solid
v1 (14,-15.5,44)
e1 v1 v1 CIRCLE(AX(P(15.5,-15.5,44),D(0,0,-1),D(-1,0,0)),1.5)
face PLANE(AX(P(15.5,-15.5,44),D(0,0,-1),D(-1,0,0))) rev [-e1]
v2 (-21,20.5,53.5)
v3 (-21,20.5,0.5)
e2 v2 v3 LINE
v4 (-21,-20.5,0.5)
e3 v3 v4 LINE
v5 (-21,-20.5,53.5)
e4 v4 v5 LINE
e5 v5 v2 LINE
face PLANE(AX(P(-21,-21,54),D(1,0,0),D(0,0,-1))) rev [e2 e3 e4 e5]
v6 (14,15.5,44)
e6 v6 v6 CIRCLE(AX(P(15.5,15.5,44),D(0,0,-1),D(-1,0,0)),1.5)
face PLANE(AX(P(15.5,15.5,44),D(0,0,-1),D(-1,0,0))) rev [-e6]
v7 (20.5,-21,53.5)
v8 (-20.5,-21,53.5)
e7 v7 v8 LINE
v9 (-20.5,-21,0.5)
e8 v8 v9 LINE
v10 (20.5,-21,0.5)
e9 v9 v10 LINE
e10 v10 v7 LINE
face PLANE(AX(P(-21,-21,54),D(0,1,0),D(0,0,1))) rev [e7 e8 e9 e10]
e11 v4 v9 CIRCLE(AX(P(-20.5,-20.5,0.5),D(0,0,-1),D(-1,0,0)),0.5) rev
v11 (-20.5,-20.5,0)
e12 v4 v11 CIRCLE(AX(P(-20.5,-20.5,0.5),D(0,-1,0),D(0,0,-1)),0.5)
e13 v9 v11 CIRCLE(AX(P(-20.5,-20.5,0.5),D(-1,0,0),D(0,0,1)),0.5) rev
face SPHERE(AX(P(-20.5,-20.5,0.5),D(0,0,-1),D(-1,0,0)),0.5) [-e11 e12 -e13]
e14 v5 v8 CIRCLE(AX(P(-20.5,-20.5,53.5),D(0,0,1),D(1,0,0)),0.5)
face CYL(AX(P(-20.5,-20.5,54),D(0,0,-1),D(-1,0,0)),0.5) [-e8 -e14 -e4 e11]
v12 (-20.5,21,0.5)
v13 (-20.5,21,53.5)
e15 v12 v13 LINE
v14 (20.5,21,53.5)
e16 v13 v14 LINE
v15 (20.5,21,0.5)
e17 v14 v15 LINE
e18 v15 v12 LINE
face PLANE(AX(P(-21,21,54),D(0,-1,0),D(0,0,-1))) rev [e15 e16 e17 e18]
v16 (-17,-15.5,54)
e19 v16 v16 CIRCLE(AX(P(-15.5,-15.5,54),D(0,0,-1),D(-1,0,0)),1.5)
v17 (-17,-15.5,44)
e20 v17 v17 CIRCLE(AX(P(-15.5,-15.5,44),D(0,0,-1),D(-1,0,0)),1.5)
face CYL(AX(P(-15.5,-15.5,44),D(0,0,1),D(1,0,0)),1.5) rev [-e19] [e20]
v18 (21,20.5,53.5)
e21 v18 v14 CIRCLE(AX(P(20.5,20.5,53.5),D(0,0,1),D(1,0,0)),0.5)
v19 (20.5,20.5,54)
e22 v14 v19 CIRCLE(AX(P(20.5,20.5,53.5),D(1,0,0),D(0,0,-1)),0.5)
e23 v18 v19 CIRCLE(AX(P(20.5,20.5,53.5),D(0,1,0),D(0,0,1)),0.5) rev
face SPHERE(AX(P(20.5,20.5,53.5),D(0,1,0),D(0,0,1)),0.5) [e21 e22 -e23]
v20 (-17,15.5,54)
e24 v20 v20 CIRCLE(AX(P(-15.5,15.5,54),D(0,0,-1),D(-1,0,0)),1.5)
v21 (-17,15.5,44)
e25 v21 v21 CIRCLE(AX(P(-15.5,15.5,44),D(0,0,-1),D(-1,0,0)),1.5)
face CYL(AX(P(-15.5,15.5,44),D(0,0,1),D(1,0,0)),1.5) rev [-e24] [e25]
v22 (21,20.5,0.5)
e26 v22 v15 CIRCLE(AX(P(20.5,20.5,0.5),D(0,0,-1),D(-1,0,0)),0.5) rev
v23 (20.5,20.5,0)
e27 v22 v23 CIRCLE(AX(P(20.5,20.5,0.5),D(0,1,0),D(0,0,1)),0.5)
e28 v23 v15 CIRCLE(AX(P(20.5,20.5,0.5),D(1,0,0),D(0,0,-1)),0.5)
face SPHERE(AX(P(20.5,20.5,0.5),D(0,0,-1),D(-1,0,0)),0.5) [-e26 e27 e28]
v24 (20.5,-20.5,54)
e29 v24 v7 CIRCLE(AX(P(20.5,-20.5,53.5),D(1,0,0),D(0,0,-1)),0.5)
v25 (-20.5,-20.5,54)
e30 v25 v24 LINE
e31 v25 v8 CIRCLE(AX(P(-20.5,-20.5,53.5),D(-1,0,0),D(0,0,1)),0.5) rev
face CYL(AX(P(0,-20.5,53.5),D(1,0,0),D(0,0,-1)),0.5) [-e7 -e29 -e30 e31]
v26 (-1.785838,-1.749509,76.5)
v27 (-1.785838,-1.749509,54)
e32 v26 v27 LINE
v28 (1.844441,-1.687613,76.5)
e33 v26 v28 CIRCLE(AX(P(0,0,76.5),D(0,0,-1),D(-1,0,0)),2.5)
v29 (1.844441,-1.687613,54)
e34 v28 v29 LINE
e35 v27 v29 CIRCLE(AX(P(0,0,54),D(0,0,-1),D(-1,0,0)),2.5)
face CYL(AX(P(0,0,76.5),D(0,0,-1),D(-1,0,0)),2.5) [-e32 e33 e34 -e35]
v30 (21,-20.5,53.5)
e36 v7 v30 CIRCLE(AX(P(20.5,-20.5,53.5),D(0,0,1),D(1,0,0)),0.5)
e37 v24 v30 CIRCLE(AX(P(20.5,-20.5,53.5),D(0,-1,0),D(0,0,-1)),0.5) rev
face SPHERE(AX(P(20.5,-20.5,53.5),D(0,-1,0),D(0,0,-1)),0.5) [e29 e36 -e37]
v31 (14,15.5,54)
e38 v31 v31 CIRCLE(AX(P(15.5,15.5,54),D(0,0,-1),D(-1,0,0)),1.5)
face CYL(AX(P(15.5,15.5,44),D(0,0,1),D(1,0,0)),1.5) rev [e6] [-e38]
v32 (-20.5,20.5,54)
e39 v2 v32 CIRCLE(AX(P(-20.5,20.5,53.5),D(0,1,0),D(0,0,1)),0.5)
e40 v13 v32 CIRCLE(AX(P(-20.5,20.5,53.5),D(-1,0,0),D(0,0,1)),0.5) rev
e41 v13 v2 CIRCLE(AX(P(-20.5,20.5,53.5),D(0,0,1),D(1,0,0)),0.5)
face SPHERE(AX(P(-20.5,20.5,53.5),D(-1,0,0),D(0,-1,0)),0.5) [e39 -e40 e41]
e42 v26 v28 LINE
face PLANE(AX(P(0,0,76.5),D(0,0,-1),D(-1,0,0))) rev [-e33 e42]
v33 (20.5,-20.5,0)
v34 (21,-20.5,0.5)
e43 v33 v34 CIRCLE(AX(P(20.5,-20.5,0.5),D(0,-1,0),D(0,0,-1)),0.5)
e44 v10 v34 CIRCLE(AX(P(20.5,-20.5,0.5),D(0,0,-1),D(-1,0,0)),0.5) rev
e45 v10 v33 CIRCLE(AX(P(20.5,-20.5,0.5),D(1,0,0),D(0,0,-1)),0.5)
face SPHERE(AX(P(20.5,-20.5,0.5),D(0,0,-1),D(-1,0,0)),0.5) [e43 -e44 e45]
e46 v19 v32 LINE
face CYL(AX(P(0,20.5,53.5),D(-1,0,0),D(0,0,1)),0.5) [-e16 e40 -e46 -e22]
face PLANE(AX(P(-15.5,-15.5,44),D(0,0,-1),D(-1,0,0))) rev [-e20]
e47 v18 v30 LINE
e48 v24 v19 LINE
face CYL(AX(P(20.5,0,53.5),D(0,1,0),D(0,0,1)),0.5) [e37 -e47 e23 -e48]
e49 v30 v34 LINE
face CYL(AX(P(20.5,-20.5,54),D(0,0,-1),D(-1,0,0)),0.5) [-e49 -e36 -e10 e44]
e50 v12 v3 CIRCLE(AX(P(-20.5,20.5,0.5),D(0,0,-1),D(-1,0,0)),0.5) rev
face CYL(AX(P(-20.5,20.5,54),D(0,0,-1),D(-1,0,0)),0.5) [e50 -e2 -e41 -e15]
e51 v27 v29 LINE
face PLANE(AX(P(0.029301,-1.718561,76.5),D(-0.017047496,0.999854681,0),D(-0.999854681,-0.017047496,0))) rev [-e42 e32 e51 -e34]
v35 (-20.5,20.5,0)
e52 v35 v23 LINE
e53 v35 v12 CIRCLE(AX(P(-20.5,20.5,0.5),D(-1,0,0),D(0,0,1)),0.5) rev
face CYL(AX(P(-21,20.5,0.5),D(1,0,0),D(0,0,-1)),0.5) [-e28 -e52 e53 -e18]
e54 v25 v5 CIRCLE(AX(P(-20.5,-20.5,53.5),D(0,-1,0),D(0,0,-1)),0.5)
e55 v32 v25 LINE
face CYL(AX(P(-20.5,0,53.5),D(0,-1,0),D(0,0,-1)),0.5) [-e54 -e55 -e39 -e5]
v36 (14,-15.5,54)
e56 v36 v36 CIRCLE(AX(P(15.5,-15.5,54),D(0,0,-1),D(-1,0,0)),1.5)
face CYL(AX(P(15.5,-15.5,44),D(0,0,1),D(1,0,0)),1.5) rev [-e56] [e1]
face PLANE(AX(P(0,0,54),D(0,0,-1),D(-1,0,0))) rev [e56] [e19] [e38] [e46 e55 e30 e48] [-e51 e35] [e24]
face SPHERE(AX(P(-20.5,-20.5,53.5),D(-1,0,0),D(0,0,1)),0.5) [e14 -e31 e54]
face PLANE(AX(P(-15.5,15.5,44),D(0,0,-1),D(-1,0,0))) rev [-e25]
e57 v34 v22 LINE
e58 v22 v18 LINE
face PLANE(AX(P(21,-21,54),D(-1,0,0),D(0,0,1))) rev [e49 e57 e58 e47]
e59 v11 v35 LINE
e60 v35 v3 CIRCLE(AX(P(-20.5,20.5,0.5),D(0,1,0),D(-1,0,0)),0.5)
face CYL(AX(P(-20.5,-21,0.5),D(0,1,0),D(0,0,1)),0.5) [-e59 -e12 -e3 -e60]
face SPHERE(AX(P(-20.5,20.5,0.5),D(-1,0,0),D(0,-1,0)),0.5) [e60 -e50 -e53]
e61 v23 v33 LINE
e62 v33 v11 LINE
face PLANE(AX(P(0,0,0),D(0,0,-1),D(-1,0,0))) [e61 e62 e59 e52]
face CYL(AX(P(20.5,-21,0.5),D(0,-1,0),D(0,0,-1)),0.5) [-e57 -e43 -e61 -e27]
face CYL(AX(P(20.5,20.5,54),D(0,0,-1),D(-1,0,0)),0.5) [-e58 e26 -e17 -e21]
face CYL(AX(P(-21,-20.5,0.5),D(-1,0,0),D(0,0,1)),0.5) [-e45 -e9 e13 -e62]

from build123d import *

# Parameters (mm, degrees)
SKETCH_1_W          = 42
SKETCH_1_H          = 42
EXTRUDE_1_DEPTH     = 54
EXTRUDE_START       = 54
EXTRUDE_2_DEPTH     = 22.5
FILLET_1_R          = 0.5
CUT_EXTRUDE_START   = 54
SKETCH_3_R          = 1.5
CUT_EXTRUDE_1_DEPTH = 10


with BuildPart() as part:
    # 草图1 → 凸台-拉伸1 (new body)
    with BuildSketch(Plane.XY):
        Rectangle(SKETCH_1_W, SKETCH_1_H)
    extrude(amount=EXTRUDE_1_DEPTH)

    # 草图2 → 凸台-拉伸2 (add)
    with BuildSketch(Plane.XY.offset(EXTRUDE_START)):
        with BuildLine():
            Line((-1.785837809, -1.749509451), (1.844440663, -1.687613298))
            ThreePointArc((1.844440663, -1.687613298), (-0.042618741, 2.499636702), (-1.785837809, -1.749509451))
        make_face()
    extrude(amount=EXTRUDE_2_DEPTH)

    # 圆角1
    fillet_1_edges = [part.edges().sort_by_distance(p)[0] for p in [
        (-21, 0, 54),
        (0, -21, 54),
        (21, 0, 54),
        (0, -21, 0),
        (-21, 0, 0),
        (0, 21, 0),
        (21, 0, 0),
        (21, -21, 27),
        (-21, -21, 27),
        (-21, 21, 27),
        (21, 21, 27),
        (0, 21, 54),
    ]]
    fillet(fillet_1_edges, radius=FILLET_1_R)

    # 草图3 → 切除-拉伸1 (cut)
    with BuildSketch(Plane.XY.offset(CUT_EXTRUDE_START)):
        with Locations(Location((-15.5, 15.5, 0), (0, 0, 180))):
            Circle(SKETCH_3_R)
        with Locations(Location((15.5, 15.5, 0), (0, 0, 180))):
            Circle(SKETCH_3_R)
        with Locations(Location((15.5, -15.5, 0), (0, 0, 180))):
            Circle(SKETCH_3_R)
        with Locations(Location((-15.5, -15.5, 0), (0, 0, 180))):
            Circle(SKETCH_3_R)
    extrude(amount=-CUT_EXTRUDE_1_DEPTH, mode=Mode.SUBTRACT)


solid = part.part
